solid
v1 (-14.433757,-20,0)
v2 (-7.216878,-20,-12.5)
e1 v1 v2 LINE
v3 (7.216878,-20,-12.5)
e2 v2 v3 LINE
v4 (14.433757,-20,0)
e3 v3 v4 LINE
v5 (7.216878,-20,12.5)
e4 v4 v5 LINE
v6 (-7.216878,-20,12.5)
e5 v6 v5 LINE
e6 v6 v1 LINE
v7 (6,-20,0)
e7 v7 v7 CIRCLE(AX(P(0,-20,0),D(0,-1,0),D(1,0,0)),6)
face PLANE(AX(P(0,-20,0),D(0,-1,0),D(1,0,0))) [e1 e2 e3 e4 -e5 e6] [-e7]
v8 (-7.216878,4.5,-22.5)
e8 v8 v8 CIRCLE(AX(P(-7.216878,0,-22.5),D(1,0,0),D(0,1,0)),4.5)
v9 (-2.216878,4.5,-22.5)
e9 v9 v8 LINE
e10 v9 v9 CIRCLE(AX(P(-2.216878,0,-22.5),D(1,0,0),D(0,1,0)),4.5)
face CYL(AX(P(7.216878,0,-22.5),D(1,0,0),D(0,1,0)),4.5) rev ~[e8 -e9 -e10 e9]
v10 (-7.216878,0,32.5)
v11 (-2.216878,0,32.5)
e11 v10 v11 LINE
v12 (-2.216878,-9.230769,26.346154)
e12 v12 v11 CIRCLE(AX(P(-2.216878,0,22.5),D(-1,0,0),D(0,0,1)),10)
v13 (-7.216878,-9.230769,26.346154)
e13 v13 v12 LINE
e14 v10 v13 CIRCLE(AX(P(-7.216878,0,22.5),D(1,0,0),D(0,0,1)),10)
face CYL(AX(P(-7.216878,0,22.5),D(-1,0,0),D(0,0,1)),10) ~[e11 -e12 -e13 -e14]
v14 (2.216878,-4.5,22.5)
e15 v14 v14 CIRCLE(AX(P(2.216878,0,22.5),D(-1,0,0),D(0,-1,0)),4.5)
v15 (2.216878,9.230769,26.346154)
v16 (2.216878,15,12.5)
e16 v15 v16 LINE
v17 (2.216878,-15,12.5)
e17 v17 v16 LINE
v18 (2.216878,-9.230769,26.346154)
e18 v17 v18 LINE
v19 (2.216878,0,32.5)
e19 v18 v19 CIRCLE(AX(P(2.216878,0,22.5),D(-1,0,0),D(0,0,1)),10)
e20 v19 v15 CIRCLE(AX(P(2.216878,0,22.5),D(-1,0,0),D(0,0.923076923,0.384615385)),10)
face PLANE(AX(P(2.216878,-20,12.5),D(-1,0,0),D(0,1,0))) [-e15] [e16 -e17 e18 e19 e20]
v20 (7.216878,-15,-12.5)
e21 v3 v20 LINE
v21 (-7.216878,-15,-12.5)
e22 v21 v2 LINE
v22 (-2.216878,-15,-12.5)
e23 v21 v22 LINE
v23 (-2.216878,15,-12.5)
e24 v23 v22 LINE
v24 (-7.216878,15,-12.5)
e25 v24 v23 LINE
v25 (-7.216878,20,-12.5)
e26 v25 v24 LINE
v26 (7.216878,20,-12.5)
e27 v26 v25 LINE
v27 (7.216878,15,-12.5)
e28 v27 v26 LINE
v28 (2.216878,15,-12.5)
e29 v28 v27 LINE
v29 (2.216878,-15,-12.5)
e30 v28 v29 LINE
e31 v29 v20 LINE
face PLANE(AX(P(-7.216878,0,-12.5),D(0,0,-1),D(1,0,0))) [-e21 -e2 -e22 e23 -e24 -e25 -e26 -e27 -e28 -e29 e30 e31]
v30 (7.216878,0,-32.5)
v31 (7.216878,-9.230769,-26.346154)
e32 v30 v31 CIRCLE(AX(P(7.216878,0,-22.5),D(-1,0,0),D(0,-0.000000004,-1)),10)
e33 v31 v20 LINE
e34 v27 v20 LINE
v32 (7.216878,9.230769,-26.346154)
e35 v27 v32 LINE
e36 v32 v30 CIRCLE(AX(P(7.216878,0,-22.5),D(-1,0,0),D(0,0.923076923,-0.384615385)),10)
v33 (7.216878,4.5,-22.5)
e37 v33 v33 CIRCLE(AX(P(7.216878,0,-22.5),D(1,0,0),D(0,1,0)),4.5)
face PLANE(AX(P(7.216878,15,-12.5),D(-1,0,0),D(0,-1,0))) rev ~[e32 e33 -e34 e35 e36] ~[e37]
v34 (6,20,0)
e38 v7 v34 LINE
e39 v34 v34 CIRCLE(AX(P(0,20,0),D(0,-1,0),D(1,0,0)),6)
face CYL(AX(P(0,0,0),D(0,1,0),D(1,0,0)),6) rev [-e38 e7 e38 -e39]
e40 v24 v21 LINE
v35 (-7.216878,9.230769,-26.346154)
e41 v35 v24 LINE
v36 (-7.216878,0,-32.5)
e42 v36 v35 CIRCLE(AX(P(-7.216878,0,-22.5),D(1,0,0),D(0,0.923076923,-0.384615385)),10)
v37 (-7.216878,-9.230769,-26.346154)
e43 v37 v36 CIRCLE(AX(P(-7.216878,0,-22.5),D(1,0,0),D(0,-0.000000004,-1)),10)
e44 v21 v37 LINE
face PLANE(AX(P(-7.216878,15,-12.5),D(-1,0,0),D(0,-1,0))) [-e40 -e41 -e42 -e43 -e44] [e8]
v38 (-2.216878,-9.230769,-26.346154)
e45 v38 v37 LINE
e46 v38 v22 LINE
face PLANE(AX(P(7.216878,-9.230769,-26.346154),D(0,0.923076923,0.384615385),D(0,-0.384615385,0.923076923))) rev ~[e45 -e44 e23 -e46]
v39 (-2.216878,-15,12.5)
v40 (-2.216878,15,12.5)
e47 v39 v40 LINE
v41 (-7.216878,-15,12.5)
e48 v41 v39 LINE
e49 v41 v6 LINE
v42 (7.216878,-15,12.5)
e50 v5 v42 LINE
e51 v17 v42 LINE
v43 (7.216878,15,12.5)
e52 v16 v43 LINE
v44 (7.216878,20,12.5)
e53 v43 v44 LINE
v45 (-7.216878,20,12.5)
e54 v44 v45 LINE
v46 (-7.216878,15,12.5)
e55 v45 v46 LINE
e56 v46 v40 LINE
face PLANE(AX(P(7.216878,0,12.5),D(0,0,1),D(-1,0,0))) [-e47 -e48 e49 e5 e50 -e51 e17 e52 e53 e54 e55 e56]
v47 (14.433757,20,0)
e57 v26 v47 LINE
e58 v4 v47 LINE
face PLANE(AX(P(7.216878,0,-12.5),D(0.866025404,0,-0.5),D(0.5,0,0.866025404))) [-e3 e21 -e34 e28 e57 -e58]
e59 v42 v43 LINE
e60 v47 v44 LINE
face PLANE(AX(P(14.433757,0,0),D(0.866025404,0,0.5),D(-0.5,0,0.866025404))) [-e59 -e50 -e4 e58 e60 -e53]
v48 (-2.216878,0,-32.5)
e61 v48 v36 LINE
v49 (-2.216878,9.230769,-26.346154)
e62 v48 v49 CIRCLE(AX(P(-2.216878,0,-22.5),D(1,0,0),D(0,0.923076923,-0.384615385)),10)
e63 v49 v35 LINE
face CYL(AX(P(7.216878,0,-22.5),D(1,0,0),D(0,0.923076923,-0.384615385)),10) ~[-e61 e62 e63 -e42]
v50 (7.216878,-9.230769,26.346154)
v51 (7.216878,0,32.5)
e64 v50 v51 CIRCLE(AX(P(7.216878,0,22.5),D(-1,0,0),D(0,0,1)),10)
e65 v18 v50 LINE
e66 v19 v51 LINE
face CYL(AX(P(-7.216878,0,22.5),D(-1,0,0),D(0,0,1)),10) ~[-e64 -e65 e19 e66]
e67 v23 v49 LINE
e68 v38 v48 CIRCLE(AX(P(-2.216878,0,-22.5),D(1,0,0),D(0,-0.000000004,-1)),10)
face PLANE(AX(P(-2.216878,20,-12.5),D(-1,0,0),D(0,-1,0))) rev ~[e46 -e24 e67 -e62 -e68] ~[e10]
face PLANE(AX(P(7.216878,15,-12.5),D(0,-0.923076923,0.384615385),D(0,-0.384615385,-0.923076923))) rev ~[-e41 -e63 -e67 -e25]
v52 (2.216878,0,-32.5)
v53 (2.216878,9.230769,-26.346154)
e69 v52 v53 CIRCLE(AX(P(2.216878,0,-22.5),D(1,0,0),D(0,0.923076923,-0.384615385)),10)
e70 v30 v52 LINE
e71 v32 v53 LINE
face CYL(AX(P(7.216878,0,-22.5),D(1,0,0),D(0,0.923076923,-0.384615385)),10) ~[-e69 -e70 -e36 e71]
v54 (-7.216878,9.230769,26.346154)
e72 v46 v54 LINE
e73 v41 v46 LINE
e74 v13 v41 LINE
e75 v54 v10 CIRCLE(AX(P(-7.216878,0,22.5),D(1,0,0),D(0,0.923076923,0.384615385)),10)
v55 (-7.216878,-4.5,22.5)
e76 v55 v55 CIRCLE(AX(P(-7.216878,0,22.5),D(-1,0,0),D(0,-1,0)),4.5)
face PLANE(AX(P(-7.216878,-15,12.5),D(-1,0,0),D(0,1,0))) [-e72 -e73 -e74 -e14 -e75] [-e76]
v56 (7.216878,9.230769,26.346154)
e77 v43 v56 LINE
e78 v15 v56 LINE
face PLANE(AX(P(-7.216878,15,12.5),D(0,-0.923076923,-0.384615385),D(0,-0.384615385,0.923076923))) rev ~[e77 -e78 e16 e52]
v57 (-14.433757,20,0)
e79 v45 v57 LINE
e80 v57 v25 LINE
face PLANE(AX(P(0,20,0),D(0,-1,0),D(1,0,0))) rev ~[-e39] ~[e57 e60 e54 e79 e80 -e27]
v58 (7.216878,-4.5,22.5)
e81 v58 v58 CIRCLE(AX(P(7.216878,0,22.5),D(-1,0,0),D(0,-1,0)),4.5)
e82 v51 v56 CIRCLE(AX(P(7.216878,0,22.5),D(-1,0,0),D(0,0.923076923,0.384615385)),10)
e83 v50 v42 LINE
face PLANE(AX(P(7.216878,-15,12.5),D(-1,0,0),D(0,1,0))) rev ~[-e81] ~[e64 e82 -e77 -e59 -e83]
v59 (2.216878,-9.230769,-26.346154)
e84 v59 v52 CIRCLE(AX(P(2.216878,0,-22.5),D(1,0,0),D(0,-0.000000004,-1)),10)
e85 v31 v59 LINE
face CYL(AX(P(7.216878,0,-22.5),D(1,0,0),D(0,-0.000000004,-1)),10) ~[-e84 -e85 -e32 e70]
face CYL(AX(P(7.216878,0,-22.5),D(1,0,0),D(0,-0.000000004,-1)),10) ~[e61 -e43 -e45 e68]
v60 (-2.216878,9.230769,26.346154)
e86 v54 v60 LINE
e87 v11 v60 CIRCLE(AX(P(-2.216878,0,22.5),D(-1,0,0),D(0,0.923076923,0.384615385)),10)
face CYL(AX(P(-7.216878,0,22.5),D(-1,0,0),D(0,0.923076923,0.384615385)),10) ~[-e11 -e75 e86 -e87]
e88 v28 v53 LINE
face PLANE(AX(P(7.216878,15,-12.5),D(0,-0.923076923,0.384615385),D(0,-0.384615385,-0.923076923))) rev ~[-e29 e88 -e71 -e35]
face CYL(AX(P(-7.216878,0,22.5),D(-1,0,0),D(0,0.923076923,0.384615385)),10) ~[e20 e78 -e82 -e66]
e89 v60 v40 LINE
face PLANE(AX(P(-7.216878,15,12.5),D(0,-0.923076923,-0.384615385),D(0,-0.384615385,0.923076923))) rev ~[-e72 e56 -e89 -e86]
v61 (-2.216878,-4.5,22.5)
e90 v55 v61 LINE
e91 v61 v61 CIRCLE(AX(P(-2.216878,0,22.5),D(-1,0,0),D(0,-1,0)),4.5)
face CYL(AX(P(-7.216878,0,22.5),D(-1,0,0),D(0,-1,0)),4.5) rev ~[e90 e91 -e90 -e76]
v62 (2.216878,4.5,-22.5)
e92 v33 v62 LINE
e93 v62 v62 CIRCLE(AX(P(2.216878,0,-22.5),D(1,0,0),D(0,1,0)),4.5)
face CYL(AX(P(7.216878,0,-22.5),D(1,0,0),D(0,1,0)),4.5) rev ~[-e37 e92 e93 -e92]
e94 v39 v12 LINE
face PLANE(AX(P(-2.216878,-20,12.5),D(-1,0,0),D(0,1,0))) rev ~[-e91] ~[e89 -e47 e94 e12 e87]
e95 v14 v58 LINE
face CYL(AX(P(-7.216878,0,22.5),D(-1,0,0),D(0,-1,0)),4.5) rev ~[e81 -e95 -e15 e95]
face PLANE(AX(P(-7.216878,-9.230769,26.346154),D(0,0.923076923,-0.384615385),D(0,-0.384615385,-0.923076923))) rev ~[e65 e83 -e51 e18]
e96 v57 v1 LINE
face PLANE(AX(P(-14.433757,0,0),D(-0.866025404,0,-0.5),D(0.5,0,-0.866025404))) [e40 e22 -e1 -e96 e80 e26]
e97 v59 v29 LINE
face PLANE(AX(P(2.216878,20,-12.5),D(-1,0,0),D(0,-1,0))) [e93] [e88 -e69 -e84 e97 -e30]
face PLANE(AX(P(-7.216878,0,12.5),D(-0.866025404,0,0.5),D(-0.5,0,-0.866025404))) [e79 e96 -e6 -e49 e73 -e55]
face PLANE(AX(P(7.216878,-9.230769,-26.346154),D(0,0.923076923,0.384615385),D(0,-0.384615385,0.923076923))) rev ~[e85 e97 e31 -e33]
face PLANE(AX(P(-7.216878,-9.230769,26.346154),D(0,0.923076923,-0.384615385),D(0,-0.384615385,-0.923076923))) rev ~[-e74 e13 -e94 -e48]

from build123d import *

# Parameters (mm, degrees)
F0_R      = 6
F1_DEPTH  = 20
F2_W      = 14.4337567297
F2_H      = 30
F3_DEPTH  = 20
F4_R      = 4.5
F5_DEPTH  = 21.6516350946
F7_DEPTH  = 25.4
F8_W      = 4.4337567297
F8_H      = 40
F9_DEPTH  = 25.4
F10_W     = 14.4337567297
F10_H     = 30
F11_DEPTH = 20
F12_R     = 4.5
F13_DEPTH = 25.4
F15_DEPTH = 25.4
F16_W     = 4.4337567297
F16_H     = 40
F17_DEPTH = 25.4


with BuildPart() as f1:
    # F0 (on Front) → F1 (new body, symmetric)
    with BuildSketch(Plane.XZ):
        Polygon((7.2168783649, 12.5), (-7.2168783649, 12.5), (-14.4337567297, 0), (-7.2168783649, -12.5), (7.2168783649, -12.5), (14.4337567297, 0), align=None)
        Circle(F0_R, mode=Mode.SUBTRACT)
    extrude(amount=F1_DEPTH, both=True)

    # F2 (on face) → F3 (join)
    with BuildSketch(Plane.XY.offset(12.5)):
        Rectangle(F2_W, F2_H)
    extrude(amount=F3_DEPTH)

    # F4 (on face) → F5 (cut, through all)
    with BuildSketch(Plane(origin=(-7.2168783649, 0, 0), x_dir=(0, -1, 0), z_dir=(-1, 0, 0))):
        with Locations((0, 22.5)):
            Circle(F4_R)
    extrude(amount=-F5_DEPTH, mode=Mode.SUBTRACT)

    # F6 (on face) → F7 (cut)
    with BuildSketch(Plane(origin=(-7.2168783649, 0, 0), x_dir=(0, -1, 0), z_dir=(-1, 0, 0))):
        with BuildLine():
            Line((-15, 32.5), (-15, 12.5))
            Line((-15, 12.5), (-9.2307692308, 26.3461538462))
            ThreePointArc((-9.2307692308, 26.3461538462), (-5.5470019623, 30.8205029434), (0, 32.5))
            Line((0, 32.5), (-15, 32.5))
        make_face()
        with BuildLine():
            Line((9.2307692308, 26.3461538462), (15, 12.5))
            Line((15, 12.5), (15, 32.5))
            Line((15, 32.5), (0, 32.5))
            ThreePointArc((0, 32.5), (5.5470019623, 30.8205029434), (9.2307692308, 26.3461538462))
        make_face()
    extrude(amount=-F7_DEPTH, mode=Mode.SUBTRACT)

    # F8 (on face) → F9 (cut)
    with BuildSketch(Plane.XY.offset(12.5)):
        Rectangle(F8_W, F8_H)
    extrude(amount=F9_DEPTH, mode=Mode.SUBTRACT)

    # F10 (on face) → F11 (join)
    with BuildSketch(Plane(origin=(0, 0, -12.5), x_dir=(1, 0, 0), z_dir=(0, 0, -1))):
        Rectangle(F10_W, F10_H)
    extrude(amount=F11_DEPTH)

    # F12 (on face) → F13 (cut)
    with BuildSketch(Plane.YZ.offset(7.2168783649)):
        with Locations((0, -22.5)):
            Circle(F12_R)
    extrude(amount=-F13_DEPTH, mode=Mode.SUBTRACT)

    # F14 (on face) → F15 (cut)
    with BuildSketch(Plane.YZ.offset(7.2168783649)):
        with BuildLine():
            Line((15, -32.5), (15, -12.5))
            Line((15, -12.5), (9.2307692308, -26.3461538462))
            ThreePointArc((9.2307692308, -26.3461538462), (5.5470019443, -30.8205029554), (-4.32e-08, -32.5))
            Line((-4.32e-08, -32.5), (15, -32.5))
        make_face()
        with BuildLine():
            Line((-9.2307692308, -26.3461538462), (-15, -12.5))
            Line((-15, -12.5), (-15, -32.5))
            Line((-15, -32.5), (-4.32e-08, -32.5))
            ThreePointArc((-4.32e-08, -32.5), (-5.5470019802, -30.8205029314), (-9.2307692308, -26.3461538462))
        make_face()
    extrude(amount=-F15_DEPTH, mode=Mode.SUBTRACT)

    # F16 (on face) → F17 (cut)
    with BuildSketch(Plane(origin=(0, 0, -12.5), x_dir=(1, 0, 0), z_dir=(0, 0, -1))):
        Rectangle(F16_W, F16_H)
    extrude(amount=F17_DEPTH, mode=Mode.SUBTRACT)


solid = f1.part
